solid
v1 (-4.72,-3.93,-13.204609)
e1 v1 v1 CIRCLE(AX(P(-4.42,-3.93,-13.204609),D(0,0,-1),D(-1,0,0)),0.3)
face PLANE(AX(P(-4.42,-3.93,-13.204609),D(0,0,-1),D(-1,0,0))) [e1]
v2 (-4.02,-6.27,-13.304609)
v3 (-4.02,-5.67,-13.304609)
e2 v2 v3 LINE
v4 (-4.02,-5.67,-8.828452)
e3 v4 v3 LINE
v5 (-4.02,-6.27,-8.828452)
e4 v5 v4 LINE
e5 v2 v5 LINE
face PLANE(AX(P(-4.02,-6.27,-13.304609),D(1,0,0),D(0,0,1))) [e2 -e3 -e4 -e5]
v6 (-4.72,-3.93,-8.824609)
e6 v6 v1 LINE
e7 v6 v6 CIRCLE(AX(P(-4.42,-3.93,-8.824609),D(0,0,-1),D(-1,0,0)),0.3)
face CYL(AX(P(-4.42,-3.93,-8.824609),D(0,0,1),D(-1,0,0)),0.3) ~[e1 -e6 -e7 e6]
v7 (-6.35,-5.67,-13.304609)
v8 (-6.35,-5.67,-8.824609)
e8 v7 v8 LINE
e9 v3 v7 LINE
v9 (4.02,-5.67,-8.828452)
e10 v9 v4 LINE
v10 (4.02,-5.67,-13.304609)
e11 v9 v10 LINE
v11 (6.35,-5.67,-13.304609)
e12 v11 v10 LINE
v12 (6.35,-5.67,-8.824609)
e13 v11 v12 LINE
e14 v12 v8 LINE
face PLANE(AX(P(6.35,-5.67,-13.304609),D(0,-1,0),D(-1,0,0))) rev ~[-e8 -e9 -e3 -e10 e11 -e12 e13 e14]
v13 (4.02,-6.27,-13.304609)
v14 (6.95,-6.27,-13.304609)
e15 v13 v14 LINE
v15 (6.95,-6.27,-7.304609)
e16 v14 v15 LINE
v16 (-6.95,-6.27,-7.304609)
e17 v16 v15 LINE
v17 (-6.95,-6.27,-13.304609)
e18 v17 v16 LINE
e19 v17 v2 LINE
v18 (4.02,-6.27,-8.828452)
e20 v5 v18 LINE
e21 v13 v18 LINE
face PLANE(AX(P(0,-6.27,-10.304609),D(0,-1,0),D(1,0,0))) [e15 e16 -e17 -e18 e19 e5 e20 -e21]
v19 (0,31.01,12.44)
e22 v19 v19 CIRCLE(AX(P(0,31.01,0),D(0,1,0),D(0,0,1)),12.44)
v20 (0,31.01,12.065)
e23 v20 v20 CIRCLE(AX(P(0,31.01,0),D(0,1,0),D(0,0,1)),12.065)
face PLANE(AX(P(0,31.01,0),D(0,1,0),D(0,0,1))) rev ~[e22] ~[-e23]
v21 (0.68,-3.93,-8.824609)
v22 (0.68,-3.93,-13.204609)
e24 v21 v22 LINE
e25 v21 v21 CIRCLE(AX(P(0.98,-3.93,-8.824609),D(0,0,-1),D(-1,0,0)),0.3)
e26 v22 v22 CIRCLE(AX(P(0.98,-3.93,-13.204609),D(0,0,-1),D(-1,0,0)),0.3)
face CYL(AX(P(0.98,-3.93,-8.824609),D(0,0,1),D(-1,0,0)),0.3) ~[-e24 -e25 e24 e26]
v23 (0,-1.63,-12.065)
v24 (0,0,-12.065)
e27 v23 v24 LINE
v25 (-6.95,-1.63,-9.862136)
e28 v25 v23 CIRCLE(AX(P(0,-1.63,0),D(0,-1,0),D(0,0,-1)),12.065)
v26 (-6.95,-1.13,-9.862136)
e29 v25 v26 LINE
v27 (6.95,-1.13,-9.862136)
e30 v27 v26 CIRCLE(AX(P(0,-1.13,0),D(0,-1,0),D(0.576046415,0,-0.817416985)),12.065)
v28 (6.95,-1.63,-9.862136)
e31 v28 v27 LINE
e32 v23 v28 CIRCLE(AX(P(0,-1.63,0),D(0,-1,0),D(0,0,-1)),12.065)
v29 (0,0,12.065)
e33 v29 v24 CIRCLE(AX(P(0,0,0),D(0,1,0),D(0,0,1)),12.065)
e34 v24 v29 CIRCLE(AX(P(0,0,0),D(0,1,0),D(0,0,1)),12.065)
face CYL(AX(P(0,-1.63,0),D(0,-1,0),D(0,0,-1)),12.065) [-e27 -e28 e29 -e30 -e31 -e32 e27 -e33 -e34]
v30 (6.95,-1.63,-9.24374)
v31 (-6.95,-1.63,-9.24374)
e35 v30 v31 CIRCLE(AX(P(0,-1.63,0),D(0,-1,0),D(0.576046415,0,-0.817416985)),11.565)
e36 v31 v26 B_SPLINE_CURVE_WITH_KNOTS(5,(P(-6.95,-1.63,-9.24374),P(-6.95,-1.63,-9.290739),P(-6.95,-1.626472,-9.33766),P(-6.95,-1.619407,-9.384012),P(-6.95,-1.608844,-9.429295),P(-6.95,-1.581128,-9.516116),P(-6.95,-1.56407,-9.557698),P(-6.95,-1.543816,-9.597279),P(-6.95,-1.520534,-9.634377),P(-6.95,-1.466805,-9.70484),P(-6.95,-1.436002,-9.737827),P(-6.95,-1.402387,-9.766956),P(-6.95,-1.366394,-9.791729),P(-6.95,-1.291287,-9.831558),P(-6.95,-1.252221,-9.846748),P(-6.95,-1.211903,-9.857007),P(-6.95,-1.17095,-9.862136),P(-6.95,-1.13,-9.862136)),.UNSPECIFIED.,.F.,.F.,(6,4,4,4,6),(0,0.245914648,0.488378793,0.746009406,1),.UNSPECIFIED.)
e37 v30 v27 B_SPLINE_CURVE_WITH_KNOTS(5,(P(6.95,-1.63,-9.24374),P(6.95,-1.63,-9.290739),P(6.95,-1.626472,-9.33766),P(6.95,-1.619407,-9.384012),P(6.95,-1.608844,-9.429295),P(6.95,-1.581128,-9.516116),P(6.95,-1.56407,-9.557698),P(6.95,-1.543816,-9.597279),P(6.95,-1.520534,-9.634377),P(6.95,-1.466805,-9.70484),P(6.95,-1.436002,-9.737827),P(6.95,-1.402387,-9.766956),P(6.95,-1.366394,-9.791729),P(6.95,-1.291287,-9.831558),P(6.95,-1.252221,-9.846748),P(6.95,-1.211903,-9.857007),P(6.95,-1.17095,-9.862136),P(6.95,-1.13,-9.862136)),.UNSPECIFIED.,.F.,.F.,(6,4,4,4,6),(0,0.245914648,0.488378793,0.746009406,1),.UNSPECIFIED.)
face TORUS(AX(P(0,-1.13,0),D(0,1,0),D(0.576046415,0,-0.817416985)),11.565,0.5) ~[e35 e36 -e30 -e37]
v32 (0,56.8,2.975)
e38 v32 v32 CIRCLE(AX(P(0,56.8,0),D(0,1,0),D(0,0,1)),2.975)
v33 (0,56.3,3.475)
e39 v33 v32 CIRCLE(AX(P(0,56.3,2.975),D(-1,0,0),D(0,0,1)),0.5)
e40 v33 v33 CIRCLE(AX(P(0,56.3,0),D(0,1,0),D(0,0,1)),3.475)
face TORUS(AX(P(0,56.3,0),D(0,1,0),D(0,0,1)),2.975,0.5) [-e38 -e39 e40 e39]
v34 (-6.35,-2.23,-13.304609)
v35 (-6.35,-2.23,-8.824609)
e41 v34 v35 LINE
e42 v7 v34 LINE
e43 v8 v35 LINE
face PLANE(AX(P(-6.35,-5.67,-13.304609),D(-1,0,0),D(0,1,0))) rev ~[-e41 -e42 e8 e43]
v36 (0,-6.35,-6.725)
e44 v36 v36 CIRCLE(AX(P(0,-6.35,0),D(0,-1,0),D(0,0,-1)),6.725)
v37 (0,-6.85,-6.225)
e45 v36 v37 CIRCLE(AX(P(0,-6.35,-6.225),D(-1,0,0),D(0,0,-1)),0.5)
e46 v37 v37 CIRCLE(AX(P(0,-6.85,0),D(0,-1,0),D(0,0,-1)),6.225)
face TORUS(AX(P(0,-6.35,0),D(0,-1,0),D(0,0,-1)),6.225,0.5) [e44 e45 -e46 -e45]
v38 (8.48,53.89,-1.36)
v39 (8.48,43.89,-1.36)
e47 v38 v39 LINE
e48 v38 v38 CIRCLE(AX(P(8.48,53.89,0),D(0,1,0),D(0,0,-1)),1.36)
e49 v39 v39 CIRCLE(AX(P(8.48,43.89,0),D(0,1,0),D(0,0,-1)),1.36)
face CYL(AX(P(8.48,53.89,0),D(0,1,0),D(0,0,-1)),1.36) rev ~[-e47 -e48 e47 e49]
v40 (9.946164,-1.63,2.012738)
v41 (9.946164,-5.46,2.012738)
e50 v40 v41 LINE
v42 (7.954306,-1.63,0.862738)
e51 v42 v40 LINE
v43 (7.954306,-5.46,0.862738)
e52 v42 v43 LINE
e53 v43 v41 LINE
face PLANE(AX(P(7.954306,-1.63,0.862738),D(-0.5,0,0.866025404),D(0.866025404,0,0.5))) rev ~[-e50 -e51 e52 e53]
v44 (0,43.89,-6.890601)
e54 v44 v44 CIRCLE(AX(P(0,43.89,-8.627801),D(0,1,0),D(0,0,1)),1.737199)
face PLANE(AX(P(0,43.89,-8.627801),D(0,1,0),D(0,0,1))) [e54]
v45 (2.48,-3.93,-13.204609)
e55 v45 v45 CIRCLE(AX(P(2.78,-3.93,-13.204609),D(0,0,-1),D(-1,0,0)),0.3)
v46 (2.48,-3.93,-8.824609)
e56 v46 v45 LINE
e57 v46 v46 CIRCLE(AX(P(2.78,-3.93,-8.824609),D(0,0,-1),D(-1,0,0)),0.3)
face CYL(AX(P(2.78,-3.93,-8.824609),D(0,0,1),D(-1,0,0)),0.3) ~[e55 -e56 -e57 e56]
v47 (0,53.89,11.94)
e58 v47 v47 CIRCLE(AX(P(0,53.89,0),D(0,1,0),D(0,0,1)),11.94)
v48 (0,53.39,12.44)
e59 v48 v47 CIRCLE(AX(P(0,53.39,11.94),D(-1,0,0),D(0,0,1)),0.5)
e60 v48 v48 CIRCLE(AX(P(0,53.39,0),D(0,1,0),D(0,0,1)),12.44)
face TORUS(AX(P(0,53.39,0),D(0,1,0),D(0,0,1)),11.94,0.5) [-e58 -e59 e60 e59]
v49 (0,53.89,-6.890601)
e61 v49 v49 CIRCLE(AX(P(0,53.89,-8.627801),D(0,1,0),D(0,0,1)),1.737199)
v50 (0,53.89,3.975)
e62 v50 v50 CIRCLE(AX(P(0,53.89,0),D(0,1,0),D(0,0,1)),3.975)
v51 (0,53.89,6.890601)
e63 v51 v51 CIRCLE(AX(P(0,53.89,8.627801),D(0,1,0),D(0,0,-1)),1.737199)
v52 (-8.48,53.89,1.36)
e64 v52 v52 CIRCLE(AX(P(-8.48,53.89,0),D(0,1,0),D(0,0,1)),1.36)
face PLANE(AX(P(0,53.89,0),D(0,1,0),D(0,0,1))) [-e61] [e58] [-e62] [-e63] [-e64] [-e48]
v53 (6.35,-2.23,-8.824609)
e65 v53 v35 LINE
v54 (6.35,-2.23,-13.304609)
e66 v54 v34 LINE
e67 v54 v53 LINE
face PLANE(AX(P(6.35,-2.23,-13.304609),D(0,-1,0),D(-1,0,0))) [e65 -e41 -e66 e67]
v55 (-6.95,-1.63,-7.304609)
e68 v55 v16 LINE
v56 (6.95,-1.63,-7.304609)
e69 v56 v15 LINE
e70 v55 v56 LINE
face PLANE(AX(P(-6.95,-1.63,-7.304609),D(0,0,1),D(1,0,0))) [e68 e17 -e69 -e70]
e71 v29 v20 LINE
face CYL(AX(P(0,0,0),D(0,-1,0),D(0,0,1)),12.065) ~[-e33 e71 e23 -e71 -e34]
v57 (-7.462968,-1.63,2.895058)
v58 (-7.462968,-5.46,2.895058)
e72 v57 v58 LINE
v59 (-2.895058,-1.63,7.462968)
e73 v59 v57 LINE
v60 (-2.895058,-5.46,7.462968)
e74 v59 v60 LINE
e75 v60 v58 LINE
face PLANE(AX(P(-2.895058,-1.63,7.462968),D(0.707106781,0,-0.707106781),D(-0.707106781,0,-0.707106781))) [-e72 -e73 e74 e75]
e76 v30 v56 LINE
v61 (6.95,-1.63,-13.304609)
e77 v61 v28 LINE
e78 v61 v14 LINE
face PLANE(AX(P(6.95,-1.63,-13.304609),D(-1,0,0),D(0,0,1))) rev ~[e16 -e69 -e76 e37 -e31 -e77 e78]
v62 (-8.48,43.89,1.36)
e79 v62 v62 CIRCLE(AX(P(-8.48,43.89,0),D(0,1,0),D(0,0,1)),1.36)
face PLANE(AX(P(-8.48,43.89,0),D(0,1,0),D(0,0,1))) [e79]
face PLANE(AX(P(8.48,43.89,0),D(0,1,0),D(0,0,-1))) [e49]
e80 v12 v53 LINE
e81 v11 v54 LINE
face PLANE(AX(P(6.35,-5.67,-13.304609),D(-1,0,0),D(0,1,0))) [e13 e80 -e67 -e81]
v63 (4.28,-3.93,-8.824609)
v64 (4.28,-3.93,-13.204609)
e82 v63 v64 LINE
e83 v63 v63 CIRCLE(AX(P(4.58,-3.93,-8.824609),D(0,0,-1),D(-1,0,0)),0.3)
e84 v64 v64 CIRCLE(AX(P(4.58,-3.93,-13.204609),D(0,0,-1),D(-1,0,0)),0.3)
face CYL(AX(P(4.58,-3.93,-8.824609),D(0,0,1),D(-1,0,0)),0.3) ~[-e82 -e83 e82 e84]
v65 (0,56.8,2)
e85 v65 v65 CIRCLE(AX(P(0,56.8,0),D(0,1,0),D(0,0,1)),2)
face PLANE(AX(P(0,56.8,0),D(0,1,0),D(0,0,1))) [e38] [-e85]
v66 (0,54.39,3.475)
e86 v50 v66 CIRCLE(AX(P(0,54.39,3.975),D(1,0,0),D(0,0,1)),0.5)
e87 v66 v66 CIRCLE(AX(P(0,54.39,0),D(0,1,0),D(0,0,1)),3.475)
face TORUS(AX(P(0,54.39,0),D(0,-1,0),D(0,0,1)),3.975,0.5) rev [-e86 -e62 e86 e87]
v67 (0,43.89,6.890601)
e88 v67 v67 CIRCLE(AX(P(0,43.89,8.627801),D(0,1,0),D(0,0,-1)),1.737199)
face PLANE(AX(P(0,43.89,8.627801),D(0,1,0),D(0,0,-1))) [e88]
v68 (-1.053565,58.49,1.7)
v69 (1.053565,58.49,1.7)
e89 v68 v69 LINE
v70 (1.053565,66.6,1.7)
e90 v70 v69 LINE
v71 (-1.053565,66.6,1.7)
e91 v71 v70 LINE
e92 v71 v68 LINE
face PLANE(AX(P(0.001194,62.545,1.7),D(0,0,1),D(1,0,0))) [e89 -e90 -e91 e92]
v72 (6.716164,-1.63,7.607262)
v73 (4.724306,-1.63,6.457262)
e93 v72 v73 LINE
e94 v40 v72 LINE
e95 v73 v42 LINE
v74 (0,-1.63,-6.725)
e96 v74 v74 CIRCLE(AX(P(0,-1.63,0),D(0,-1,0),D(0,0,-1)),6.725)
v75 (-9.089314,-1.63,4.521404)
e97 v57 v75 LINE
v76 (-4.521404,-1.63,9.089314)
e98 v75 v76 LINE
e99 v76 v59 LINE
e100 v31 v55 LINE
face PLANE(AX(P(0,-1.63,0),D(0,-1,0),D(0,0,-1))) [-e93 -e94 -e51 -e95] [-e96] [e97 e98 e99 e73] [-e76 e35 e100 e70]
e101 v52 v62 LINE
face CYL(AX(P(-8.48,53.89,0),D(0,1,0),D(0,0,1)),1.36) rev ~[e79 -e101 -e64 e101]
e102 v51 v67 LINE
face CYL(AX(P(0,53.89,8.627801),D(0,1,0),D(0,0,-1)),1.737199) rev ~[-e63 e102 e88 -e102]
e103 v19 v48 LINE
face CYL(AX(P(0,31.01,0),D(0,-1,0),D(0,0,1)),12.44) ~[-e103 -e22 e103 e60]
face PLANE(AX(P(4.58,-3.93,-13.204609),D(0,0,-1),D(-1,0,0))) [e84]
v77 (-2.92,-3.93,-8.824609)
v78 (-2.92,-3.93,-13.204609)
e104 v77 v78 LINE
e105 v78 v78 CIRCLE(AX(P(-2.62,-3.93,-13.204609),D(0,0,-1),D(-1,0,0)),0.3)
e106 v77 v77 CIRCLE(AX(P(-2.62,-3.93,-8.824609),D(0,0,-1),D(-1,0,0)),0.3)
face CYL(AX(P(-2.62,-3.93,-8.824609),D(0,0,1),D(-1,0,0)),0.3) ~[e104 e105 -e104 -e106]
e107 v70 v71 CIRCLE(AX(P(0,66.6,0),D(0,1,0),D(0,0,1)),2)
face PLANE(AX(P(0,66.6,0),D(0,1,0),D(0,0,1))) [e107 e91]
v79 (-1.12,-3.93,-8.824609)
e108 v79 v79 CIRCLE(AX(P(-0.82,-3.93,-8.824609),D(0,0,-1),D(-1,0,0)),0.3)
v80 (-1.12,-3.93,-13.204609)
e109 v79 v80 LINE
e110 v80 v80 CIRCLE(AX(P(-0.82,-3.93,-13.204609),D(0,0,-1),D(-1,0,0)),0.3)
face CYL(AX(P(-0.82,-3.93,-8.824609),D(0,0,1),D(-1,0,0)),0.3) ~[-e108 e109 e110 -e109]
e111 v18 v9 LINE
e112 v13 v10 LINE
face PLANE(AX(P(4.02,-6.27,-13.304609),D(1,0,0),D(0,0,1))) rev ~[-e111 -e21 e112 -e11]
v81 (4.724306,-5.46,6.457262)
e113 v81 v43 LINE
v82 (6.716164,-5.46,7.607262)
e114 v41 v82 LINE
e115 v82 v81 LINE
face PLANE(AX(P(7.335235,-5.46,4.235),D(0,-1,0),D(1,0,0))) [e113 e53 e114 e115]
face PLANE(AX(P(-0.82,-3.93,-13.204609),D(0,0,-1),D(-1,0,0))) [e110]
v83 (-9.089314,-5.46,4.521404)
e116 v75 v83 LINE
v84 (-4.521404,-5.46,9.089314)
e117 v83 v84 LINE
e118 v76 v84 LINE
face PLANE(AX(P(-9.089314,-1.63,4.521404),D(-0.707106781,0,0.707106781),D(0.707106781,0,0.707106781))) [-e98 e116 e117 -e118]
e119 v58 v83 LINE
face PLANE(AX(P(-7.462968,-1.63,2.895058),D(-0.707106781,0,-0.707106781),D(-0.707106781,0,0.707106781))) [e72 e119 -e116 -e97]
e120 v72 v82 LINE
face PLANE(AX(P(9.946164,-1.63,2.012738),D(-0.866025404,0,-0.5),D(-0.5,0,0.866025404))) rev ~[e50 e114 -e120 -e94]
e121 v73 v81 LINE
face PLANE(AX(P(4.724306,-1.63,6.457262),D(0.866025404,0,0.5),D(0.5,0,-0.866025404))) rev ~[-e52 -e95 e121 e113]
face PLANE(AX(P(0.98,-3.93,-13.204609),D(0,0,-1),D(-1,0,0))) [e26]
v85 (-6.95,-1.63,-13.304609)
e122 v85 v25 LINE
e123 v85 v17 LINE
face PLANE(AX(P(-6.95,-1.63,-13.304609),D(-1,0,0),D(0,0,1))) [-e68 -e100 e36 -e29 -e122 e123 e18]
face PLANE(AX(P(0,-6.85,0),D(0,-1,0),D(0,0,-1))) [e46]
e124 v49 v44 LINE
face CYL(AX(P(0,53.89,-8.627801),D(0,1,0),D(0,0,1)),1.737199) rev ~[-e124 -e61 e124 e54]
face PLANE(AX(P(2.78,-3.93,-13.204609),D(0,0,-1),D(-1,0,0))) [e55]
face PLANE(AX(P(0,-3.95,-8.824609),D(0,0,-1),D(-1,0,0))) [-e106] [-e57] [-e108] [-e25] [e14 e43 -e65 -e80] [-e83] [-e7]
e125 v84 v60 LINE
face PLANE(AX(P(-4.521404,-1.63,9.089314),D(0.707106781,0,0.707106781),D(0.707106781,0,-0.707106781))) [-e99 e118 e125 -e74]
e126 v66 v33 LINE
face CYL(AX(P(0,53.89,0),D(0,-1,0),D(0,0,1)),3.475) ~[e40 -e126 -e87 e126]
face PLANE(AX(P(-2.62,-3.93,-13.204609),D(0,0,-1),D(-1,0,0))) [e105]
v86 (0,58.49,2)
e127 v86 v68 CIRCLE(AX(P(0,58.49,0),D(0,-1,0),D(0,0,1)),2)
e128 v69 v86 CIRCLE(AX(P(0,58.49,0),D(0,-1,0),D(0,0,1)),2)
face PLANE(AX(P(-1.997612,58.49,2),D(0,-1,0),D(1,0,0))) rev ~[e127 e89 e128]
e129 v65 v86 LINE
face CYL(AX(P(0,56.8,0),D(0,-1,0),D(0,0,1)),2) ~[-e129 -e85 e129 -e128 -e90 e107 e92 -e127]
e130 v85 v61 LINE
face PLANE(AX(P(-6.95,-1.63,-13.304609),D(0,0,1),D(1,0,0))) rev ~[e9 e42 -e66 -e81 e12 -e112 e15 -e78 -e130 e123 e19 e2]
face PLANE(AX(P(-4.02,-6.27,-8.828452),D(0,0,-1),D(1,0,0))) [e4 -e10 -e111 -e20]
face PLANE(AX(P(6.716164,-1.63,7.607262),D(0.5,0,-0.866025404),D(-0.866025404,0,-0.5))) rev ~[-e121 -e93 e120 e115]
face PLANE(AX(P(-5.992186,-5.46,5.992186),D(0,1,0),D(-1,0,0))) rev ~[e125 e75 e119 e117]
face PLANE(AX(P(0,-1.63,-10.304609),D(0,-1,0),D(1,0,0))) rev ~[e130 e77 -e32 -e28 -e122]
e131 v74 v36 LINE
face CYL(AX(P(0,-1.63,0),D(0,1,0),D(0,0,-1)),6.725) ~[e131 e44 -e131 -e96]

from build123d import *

# Parameters (mm, degrees)
CROQUIS1_R               = 12.065
SALIENTE_EXTRUIR1_DEPTH  = 31.01
CROQUIS2_R               = 12.44
SALIENTE_EXTRUIR2_DEPTH  = 22.88
SALIENTE_EXTRUIR3_START  = 1.63
CROQUIS3_R               = 12.065
SALIENTE_EXTRUIR3_DEPTH  = 1.63
CROQUIS4_R               = 3.475
SALIENTE_EXTRUIR4_DEPTH  = 2.91
CROQUIS5_R               = 2
SALIENTE_EXTRUIR5_DEPTH  = 9.8
CROQUIS6_R               = 6.725
SALIENTE_EXTRUIR6_DEPTH  = 5.22
SALIENTE_EXTRUIR7_DEPTH  = 3.83
CROQUIS9_W               = 13.9
CROQUIS9_H               = 6
SALIENTE_EXTRUIR8_DEPTH  = 4.64
CROQUIS12_W              = 8.04
CROQUIS12_H              = 4.476157342
CORTAR_EXTRUIR1_DEPTH    = 1
CROQUIS13_R              = 1.737199475
CROQUIS13_R_2            = 1.36
CORTAR_EXTRUIR2_DEPTH    = 10
CROQUIS15_W              = 12.7
CROQUIS15_H              = 3.44
CORTAR_EXTRUIR3_DEPTH    = 4.48
CROQUIS16_R              = 0.3
SALIENTE_EXTRUIR10_DEPTH = 4.38
REDONDEO1_R              = 0.5
REDONDEO2_R              = 0.5
CROQUIS17_W              = 3.997612493
CROQUIS17_H              = 8.11
CORTAR_EXTRUIR4_DEPTH    = 0.3


with BuildPart() as part:
    # Croquis1 → Saliente-Extruir1 (new body)
    with BuildSketch(Plane(origin=(0, 0, 0), x_dir=(1, 0, 0), z_dir=(0, 1, 0))):
        with Locations(Location((0, 0, 0), (0, 0, 270))):
            Circle(CROQUIS1_R)
    extrude(amount=SALIENTE_EXTRUIR1_DEPTH)

    # Croquis2 → Saliente-Extruir2 (add)
    with BuildSketch(Plane(origin=(0, 31.01, 0), x_dir=(1, 0, 0), z_dir=(0, 1, 0))):
        with Locations(Location((0, 0, 0), (0, 0, 270))):
            Circle(CROQUIS2_R)
    extrude(amount=SALIENTE_EXTRUIR2_DEPTH)

    # Croquis3 → Saliente-Extruir3 (add)
    with BuildSketch(Plane.XZ.offset(SALIENTE_EXTRUIR3_START)):
        with Locations(Location((0, 0, 0), (0, 0, 270))):
            Circle(CROQUIS3_R)
    extrude(amount=-SALIENTE_EXTRUIR3_DEPTH)

    # Croquis4 → Saliente-Extruir4 (add)
    with BuildSketch(Plane(origin=(0, 53.89, 0), x_dir=(1, 0, 0), z_dir=(0, 1, 0))):
        with Locations(Location((0, 0, 0), (0, 0, 270))):
            Circle(CROQUIS4_R)
    extrude(amount=SALIENTE_EXTRUIR4_DEPTH)

    # Croquis5 → Saliente-Extruir5 (add)
    with BuildSketch(Plane(origin=(0, 56.8, 0), x_dir=(1, 0, 0), z_dir=(0, 1, 0))):
        with Locations(Location((0, 0, 0), (0, 0, 270))):
            Circle(CROQUIS5_R)
    extrude(amount=SALIENTE_EXTRUIR5_DEPTH)

    # Croquis6 → Saliente-Extruir6 (add)
    with BuildSketch(Plane.XZ.offset(1.63)):
        with Locations(Location((0, 0, 0), (0, 0, 270))):
            Circle(CROQUIS6_R)
    extrude(amount=SALIENTE_EXTRUIR6_DEPTH)

    # Croquis7 → Saliente-Extruir7 (add)
    with BuildSketch(Plane.XZ.offset(1.63)):
        Polygon((-9.089313744, 4.521403938), (-4.521403938, 9.089313744), (-2.895058341, 7.462968148), (-7.462968148, 2.895058341), align=None)
        Polygon((9.946164384, 2.012737946), (6.716164384, 7.607262054), (4.724305956, 6.457262054), (7.954305956, 0.862737946), align=None)
    extrude(amount=SALIENTE_EXTRUIR7_DEPTH)

    # Croquis9 → Saliente-Extruir8 (add)
    with BuildSketch(Plane.XZ.offset(1.63)):
        with Locations((0, -10.3046092)):
            Rectangle(CROQUIS9_W, CROQUIS9_H)
    extrude(amount=SALIENTE_EXTRUIR8_DEPTH)

    # Croquis12 → Cortar-Extruir1 (cut)
    with BuildSketch(Plane.XZ.offset(6.27)):
        with Locations((0, -11.066530529)):
            Rectangle(CROQUIS12_W, CROQUIS12_H)
    extrude(amount=-CORTAR_EXTRUIR1_DEPTH, mode=Mode.SUBTRACT)

    # Croquis13 → Cortar-Extruir2 (cut)
    with BuildSketch(Plane(origin=(0, 53.89, 0), x_dir=(1, 0, 0), z_dir=(0, 1, 0))):
        with Locations(Location((0, 8.627800525, 0), (0, 0, 270))):
            Circle(CROQUIS13_R)
        with Locations(Location((-8.48, 0, 0), (0, 0, 270))):
            Circle(CROQUIS13_R_2)
        with Locations(Location((0, -8.627800525, 0), (0, 0, 90))):
            Circle(CROQUIS13_R)
        with Locations(Location((8.48, 0, 0), (0, 0, 90))):
            Circle(CROQUIS13_R_2)
    extrude(amount=-CORTAR_EXTRUIR2_DEPTH, mode=Mode.SUBTRACT)

    # Croquis15 → Cortar-Extruir3 (cut)
    with BuildSketch(Plane(origin=(0, 0, -13.3046092), x_dir=(-1, 0, 0), z_dir=(0, 0, -1))):
        with Locations((0, -3.95)):
            Rectangle(CROQUIS15_W, CROQUIS15_H)
    extrude(amount=-CORTAR_EXTRUIR3_DEPTH, mode=Mode.SUBTRACT)

    # Croquis16 → Saliente-Extruir10 (add)
    with BuildSketch(Plane(origin=(0, 0, -8.8246092), x_dir=(-1, 0, 0), z_dir=(0, 0, -1))):
        with Locations((-4.58, -3.93)):
            Circle(CROQUIS16_R)
        with Locations((-2.78, -3.93)):
            Circle(CROQUIS16_R)
        with Locations((-0.98, -3.93)):
            Circle(CROQUIS16_R)
        with Locations((0.82, -3.93)):
            Circle(CROQUIS16_R)
        with Locations((2.62, -3.93)):
            Circle(CROQUIS16_R)
        with Locations((4.42, -3.93)):
            Circle(CROQUIS16_R)
    extrude(amount=SALIENTE_EXTRUIR10_DEPTH)

    # Redondeo1
    redondeo1_edges = [part.edges().sort_by_distance(p)[0] for p in [
        (0, -1.63, 12.065),
        (0, 53.89, -3.475),
        (0, 56.8, -3.475),
        (0, 53.89, -12.44),
    ]]
    fillet(redondeo1_edges, radius=REDONDEO1_R)

    # Redondeo2
    redondeo2_edges = [part.edges().sort_by_distance(p)[0] for p in [
        (0, -6.85, 6.725),
    ]]
    fillet(redondeo2_edges, radius=REDONDEO2_R)

    # Croquis17 → Cortar-Extruir4 (cut)
    with BuildSketch(Plane.XY.offset(2)):
        with Locations((0.001193753, 62.545)):
            Rectangle(CROQUIS17_W, CROQUIS17_H)
    extrude(amount=-CORTAR_EXTRUIR4_DEPTH, mode=Mode.SUBTRACT)


solid = part.part
